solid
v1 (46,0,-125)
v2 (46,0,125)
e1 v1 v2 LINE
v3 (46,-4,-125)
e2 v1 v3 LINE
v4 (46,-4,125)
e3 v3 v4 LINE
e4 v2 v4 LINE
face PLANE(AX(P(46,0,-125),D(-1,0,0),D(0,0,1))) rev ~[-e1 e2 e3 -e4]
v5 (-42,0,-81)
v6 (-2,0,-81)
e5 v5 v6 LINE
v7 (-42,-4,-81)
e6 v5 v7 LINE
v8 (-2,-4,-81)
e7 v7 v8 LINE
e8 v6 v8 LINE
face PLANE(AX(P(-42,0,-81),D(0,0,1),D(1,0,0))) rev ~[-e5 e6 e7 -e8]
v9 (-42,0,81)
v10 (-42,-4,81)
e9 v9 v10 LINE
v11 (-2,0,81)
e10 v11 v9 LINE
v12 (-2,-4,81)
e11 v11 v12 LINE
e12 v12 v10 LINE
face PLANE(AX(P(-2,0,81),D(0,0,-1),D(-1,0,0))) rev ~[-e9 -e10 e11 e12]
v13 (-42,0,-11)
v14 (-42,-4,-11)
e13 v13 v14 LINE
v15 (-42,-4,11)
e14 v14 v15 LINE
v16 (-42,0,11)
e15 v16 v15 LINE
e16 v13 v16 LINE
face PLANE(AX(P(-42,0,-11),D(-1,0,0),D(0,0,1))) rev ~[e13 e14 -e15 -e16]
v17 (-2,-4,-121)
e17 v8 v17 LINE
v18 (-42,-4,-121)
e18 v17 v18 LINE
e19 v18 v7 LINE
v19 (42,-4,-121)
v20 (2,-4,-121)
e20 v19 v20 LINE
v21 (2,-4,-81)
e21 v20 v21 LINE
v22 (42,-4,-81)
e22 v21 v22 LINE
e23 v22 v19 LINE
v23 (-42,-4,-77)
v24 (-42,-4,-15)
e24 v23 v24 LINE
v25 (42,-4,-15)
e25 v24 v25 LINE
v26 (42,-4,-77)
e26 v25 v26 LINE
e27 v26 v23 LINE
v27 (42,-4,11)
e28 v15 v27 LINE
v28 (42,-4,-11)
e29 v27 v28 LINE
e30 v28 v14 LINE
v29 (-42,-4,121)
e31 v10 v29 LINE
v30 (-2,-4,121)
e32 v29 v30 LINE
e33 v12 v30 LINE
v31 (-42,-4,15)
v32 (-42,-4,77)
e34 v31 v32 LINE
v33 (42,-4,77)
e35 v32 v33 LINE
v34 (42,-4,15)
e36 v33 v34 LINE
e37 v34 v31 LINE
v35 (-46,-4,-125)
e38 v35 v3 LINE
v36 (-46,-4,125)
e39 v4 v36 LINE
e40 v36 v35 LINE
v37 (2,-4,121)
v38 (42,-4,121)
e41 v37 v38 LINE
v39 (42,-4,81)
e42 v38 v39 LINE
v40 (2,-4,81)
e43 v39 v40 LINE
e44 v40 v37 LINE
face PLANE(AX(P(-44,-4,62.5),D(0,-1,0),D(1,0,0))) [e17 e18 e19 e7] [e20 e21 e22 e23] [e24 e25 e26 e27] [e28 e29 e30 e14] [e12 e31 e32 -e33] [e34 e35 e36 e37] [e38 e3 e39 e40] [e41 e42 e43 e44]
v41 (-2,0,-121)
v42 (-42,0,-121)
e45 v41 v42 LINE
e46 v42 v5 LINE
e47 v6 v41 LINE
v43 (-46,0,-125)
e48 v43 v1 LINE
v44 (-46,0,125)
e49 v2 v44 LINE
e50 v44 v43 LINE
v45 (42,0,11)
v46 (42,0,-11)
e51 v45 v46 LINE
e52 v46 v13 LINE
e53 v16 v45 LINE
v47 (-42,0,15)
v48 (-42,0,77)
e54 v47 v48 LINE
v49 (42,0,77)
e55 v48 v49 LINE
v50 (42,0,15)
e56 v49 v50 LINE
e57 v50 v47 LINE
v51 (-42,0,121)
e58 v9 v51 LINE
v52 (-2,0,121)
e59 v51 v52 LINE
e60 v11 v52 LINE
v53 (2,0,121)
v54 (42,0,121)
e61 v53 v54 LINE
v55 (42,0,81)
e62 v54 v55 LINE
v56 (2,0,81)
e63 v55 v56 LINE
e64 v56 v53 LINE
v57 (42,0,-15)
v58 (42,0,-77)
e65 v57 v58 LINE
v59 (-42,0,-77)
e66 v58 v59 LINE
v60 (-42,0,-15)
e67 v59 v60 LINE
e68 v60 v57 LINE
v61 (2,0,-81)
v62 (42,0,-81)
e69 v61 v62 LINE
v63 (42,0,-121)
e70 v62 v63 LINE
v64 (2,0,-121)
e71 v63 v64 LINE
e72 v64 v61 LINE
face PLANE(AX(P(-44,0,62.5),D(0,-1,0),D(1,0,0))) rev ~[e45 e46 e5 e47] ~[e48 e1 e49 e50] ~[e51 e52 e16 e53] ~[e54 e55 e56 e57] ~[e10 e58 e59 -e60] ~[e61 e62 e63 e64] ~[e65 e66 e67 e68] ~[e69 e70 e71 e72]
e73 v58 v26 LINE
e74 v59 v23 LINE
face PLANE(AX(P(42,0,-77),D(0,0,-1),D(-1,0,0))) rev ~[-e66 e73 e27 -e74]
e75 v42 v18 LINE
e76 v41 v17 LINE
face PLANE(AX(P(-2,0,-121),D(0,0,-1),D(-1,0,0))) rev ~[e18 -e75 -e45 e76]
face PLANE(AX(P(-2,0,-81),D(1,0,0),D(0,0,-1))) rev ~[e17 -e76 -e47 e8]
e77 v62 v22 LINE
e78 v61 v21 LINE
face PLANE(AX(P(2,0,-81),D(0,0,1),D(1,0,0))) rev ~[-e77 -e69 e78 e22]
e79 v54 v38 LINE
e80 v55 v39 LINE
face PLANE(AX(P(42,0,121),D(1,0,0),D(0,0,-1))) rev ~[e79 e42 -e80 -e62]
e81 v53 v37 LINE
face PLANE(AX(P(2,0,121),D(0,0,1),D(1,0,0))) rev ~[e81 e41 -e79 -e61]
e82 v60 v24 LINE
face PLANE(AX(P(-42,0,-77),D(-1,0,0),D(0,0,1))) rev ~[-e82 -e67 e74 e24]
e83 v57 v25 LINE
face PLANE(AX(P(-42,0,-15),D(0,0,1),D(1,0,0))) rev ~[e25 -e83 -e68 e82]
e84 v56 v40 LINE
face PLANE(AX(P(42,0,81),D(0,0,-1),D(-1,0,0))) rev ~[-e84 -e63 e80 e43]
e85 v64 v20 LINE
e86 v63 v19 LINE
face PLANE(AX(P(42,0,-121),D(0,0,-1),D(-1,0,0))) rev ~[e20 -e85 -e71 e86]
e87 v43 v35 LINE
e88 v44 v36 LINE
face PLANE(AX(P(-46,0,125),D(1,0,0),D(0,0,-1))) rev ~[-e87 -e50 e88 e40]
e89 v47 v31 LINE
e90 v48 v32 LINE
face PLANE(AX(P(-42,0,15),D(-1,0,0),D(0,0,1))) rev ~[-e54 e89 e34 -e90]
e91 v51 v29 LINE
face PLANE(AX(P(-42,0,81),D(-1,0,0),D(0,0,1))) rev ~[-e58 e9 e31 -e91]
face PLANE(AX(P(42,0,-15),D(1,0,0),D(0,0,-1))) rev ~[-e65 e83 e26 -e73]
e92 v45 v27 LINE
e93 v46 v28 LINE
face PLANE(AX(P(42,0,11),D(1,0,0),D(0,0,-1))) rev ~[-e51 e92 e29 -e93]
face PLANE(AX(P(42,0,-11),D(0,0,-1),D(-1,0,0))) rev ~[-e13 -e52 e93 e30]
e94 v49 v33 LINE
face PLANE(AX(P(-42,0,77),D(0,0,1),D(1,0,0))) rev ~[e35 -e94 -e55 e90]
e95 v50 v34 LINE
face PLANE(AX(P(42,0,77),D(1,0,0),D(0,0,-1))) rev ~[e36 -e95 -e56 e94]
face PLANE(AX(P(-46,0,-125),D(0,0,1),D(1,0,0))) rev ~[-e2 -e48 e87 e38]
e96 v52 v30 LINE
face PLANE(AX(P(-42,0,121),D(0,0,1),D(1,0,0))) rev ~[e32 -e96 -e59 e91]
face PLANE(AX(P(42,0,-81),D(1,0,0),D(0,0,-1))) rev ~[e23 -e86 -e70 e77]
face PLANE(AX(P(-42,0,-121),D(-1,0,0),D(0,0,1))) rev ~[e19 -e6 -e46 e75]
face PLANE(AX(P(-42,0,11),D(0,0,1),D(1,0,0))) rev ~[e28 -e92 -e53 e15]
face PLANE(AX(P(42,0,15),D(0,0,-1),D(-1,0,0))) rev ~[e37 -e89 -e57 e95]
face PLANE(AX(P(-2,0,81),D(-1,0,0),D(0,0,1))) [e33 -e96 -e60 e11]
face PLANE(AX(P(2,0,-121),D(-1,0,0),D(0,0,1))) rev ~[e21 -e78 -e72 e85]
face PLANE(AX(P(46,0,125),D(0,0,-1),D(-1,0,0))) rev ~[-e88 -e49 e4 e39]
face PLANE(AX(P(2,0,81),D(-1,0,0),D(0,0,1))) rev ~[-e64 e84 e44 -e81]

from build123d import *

# Parameters (mm, degrees)
F0_W     = 2
F0_H     = 40
F0_W_2   = 42
F0_H_2   = 4
F1_DEPTH = 4


with BuildPart() as f1:
    # F0 (on Front) → F1 (new body)
    with BuildSketch(Plane.XZ):
        Polygon((-46, 125), (-46, 0), (-42, 0), (-42, 11), (-42, 15), (-42, 77), (-42, 81), (-42, 121), (-42, 125), align=None)
        Polygon((-42, 0), (-46, 0), (-46, -125), (-42, -125), (-42, -121), (-42, -89), (-42, -81), (-42, -77), (-42, -15), (-42, -11), align=None)
        Polygon((0, 125), (-42, 125), (-42, 121), (-2, 121), (0, 121), align=None)
        Polygon((-42, -121), (-42, -125), (0, -125), (0, -121), (-2, -121), align=None)
        Polygon((42, 11), (42, 0), (46, 0), (46, 125), (42, 125), (42, 121), (42, 81), (42, 77), (42, 15), align=None)
        Polygon((46, 0), (42, 0), (42, -11), (42, -15), (42, -77), (42, -81), (42, -121), (42, -125), (46, -125), align=None)
        Polygon((42, 125), (0, 125), (0, 121), (2, 121), (42, 121), align=None)
        Polygon((0, -121), (0, -125), (42, -125), (42, -121), (2, -121), align=None)
        Polygon((0, -77), (-42, -77), (-42, -81), (-2, -81), (0, -81), align=None)
        Polygon((42, -77), (0, -77), (0, -81), (2, -81), (42, -81), align=None)
        Polygon((-2, -113), (-2, -121), (0, -121), (0, -81), (-2, -81), align=None)
        with Locations((1, -101)):
            Rectangle(F0_W, F0_H)
        with Locations((-21, -13)):
            Rectangle(F0_W_2, F0_H_2)
        with Locations((21, -13)):
            Rectangle(F0_W_2, F0_H_2)
        with Locations((21, 13)):
            Rectangle(F0_W_2, F0_H_2)
        with Locations((-21, 13)):
            Rectangle(F0_W_2, F0_H_2)
        Polygon((-42, 81), (-42, 77), (0, 77), (0, 81), (-2, 81), align=None)
        Polygon((0, 81), (0, 77), (42, 77), (42, 81), (2, 81), align=None)
        with Locations((1, 101)):
            Rectangle(F0_W, F0_H)
        with Locations((-1, 101)):
            Rectangle(F0_W, F0_H)
    extrude(amount=F1_DEPTH)


solid = f1.part
